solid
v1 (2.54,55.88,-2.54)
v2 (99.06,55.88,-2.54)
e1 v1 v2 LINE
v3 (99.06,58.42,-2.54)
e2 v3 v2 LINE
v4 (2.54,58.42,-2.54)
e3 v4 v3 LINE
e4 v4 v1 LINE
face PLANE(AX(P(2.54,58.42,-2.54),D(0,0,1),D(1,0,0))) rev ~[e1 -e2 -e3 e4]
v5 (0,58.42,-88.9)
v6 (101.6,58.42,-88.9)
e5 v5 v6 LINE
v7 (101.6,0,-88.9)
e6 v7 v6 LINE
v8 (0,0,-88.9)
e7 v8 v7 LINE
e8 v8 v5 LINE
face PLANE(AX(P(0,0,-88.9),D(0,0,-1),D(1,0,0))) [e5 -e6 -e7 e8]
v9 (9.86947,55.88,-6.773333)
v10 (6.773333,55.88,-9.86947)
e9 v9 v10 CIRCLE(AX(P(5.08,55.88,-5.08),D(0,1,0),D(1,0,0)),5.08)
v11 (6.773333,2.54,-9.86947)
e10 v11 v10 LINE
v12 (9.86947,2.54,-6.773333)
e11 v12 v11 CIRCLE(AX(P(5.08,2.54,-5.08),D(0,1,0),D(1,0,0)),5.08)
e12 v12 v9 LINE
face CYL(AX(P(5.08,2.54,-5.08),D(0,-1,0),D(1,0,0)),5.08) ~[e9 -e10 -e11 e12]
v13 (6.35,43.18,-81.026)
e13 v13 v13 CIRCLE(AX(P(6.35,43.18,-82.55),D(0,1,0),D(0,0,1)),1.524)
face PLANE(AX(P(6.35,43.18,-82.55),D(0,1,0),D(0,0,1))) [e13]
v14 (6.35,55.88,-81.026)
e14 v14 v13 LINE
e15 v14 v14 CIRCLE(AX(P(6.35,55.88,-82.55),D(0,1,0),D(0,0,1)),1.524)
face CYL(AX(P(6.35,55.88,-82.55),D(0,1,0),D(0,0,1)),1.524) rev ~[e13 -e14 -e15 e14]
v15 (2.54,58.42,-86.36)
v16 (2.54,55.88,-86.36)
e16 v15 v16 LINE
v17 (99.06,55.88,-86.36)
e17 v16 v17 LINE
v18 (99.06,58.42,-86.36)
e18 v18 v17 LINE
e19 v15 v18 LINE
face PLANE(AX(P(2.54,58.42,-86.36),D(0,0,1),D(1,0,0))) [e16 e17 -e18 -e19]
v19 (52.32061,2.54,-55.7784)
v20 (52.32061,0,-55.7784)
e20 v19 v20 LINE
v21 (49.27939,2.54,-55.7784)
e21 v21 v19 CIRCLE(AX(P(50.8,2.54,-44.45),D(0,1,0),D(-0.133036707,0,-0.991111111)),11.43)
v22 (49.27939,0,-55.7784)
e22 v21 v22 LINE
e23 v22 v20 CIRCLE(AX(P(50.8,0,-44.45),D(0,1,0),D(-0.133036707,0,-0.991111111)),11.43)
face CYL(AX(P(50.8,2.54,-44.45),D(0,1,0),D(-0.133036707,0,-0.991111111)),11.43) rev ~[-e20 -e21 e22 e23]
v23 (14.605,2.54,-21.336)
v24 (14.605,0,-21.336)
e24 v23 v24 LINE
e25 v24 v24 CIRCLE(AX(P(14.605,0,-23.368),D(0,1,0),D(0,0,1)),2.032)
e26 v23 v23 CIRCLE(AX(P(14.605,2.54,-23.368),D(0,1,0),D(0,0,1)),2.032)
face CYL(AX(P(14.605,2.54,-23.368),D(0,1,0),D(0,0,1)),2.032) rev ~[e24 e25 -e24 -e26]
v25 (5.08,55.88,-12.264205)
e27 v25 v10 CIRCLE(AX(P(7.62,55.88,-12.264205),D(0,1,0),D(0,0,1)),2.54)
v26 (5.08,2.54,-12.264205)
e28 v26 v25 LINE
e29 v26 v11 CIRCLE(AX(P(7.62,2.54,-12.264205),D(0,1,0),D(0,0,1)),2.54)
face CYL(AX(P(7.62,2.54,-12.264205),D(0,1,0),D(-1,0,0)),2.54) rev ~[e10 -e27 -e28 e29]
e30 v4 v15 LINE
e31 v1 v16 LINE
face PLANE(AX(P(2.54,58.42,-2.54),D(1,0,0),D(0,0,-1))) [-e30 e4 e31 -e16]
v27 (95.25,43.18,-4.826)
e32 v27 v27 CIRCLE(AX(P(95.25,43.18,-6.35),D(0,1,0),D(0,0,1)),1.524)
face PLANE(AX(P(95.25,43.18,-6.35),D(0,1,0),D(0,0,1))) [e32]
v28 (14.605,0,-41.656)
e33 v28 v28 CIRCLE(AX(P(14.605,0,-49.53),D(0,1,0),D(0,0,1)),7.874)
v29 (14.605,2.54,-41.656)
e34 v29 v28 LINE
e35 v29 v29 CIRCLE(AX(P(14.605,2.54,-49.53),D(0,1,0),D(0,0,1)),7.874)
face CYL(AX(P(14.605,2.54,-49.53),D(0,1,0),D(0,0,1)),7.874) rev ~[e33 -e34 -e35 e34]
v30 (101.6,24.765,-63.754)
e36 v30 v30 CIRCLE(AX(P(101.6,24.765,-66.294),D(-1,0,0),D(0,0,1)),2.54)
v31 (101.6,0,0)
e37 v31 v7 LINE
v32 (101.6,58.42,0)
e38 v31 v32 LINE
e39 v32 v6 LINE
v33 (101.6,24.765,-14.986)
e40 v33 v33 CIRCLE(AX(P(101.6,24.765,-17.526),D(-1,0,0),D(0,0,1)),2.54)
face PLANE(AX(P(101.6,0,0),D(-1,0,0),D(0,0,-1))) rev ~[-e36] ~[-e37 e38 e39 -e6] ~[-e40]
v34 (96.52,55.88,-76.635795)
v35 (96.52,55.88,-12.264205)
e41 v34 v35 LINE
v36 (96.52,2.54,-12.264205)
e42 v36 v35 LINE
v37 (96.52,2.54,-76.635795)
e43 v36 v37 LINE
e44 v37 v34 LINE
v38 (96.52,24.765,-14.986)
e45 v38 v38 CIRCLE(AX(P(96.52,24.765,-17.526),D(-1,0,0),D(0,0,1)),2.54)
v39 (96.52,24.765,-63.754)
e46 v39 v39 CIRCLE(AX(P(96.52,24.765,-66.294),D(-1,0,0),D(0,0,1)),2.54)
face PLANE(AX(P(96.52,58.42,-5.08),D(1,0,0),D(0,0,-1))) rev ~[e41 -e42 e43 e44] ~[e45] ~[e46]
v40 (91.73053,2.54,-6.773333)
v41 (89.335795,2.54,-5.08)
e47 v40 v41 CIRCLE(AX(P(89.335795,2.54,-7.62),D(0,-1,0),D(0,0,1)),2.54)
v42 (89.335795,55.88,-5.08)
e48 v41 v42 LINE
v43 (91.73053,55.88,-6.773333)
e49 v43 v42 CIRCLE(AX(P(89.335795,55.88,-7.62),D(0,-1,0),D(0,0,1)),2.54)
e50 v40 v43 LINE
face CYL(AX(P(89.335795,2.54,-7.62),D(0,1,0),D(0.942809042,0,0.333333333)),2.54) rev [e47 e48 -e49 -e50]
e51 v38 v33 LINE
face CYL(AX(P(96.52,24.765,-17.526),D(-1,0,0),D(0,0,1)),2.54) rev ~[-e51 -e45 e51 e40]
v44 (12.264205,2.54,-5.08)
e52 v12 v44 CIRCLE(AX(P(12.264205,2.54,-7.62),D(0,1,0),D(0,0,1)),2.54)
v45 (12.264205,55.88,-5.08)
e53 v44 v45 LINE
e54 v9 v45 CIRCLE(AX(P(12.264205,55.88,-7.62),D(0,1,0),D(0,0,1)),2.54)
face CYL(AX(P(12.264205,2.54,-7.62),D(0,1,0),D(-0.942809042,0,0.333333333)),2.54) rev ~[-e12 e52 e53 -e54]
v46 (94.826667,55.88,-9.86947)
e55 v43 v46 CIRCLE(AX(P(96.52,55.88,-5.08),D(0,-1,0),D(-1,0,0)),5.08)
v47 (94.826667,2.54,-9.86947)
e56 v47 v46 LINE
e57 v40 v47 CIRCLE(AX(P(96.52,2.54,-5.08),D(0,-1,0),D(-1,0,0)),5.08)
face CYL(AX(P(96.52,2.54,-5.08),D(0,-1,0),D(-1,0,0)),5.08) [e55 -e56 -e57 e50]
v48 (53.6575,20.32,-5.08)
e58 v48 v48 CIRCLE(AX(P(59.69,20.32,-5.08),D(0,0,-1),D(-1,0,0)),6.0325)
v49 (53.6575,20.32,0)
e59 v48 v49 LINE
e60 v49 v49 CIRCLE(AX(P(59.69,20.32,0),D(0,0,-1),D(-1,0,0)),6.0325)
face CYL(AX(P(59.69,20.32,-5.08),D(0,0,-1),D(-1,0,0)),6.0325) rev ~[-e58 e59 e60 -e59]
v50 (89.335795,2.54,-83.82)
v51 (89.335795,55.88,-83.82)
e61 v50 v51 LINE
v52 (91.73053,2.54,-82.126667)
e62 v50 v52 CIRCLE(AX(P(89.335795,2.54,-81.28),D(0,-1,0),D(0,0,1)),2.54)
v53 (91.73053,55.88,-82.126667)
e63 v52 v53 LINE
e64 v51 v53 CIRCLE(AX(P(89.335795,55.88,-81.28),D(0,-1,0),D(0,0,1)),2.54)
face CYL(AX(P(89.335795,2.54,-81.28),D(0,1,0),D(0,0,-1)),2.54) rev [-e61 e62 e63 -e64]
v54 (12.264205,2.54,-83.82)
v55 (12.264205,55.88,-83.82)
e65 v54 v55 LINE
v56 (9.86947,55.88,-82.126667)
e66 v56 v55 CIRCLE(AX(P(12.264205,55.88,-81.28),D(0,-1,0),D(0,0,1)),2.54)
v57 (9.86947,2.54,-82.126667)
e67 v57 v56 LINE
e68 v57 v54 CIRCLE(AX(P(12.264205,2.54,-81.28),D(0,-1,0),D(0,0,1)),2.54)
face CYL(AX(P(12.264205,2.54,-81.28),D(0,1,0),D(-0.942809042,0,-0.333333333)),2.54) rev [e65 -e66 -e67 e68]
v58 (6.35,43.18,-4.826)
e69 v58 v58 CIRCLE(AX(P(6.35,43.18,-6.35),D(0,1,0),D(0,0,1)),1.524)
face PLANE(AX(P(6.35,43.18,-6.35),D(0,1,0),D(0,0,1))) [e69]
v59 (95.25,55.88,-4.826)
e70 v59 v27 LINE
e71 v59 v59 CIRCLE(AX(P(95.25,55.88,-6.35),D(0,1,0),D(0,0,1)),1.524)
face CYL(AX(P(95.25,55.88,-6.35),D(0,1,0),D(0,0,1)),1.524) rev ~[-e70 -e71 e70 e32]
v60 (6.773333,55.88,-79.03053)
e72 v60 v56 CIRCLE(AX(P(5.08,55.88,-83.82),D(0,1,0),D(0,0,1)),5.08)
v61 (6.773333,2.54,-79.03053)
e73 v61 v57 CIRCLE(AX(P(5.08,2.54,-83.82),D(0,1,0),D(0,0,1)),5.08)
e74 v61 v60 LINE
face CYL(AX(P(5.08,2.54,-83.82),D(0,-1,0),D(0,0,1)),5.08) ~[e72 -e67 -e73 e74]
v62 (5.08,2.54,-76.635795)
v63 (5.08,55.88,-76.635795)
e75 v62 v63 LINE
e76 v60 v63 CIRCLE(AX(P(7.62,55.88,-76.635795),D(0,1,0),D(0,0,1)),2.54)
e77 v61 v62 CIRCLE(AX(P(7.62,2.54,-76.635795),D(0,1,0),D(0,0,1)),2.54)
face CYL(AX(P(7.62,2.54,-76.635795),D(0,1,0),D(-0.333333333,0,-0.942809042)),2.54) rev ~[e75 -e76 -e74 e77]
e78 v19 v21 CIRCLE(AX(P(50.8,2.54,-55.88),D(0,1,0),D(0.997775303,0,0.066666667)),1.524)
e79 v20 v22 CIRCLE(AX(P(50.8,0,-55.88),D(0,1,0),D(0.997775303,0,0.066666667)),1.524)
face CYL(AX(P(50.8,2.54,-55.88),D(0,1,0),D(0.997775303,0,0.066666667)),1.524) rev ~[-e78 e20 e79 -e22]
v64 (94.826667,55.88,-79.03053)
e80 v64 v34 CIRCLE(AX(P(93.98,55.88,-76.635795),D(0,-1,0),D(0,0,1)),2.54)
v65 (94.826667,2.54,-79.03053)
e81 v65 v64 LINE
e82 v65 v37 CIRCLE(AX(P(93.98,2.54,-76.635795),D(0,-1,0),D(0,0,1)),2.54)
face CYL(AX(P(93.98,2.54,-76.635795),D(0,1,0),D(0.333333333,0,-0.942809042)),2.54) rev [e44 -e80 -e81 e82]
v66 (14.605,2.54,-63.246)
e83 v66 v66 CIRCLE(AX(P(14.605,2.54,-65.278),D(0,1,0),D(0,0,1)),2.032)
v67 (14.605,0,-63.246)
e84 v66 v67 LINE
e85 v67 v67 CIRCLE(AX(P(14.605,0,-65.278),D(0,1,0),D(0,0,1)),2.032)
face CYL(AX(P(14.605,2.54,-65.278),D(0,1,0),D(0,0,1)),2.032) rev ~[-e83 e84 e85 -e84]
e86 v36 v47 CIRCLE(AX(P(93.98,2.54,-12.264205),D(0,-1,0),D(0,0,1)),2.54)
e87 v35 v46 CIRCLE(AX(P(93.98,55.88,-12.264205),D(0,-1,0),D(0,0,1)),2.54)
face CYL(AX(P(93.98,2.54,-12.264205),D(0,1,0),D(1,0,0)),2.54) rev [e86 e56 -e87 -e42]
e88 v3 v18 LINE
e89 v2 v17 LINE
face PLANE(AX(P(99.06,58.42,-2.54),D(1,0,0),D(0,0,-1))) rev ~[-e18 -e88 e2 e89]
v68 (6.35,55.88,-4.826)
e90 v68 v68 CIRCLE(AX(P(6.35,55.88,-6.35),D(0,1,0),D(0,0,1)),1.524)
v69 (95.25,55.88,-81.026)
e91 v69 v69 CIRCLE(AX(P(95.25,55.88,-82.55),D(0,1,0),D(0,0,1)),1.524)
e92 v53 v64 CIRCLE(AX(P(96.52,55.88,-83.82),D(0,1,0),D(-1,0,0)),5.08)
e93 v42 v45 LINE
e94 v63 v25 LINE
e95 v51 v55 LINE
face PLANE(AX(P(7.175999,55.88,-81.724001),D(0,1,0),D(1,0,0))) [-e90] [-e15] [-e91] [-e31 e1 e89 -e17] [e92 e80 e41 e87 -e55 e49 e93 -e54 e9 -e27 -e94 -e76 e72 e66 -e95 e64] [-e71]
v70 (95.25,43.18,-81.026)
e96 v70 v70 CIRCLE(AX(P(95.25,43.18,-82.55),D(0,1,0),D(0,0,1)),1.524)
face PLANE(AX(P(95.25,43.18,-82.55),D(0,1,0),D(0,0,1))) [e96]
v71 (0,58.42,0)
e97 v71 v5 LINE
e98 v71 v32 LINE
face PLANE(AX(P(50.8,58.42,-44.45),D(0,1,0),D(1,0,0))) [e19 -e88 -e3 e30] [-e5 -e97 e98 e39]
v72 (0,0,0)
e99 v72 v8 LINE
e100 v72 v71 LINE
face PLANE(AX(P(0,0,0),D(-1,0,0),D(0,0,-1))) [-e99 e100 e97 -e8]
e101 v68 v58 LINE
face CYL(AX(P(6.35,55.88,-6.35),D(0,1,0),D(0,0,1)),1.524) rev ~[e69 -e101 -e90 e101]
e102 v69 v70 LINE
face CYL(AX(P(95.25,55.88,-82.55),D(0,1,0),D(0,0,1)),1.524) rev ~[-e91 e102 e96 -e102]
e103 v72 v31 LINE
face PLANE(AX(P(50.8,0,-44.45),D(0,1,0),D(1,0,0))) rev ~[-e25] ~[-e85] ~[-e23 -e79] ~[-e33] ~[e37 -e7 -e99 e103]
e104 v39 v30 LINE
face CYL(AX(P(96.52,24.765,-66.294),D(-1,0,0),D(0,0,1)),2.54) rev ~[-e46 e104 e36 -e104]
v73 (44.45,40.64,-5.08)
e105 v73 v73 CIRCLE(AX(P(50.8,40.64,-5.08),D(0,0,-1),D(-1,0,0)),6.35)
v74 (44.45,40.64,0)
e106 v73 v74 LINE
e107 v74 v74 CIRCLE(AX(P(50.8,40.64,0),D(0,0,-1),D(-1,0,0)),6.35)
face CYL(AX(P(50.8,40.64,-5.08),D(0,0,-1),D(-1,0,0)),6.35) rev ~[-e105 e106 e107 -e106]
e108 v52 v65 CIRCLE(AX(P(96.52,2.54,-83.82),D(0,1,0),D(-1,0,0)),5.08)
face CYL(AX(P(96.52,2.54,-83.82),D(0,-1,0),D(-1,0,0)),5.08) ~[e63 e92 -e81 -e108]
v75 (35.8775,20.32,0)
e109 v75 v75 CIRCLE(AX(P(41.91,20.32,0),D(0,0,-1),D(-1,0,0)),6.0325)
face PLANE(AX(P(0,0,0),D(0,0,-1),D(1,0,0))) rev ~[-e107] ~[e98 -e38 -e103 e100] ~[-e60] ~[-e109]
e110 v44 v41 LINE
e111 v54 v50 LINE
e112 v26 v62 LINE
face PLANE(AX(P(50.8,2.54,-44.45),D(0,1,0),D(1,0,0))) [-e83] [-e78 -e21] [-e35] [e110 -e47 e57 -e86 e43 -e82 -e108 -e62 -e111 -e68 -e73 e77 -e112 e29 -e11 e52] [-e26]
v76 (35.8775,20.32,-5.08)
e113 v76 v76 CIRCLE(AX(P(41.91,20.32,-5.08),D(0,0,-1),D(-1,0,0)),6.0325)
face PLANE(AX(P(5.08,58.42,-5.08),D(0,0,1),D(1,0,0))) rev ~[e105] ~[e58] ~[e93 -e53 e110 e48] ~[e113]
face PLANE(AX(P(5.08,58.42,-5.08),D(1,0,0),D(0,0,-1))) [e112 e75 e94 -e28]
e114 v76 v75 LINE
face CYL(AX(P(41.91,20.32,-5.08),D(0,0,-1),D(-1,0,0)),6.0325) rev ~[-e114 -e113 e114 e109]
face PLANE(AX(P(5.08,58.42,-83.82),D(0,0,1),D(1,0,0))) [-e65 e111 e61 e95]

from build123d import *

# Parameters (mm, degrees)
SKETCH1_W           = 101.6
SKETCH1_H           = 88.9
BOSS_EXTRUDE1_DEPTH = 58.42
SKETCH2_W           = 91.44
SKETCH2_H           = 78.74
CUT_EXTRUDE1_DEPTH  = 55.88
SKETCH3_R           = 7.874
SKETCH3_R_2         = 2.032
CUT_EXTRUDE2_DEPTH  = 147.110726506
CUT_EXTRUDE3_DEPTH  = 147.110726506
SKETCH6_R           = 2.54
CUT_EXTRUDE4_DEPTH  = 144.639189638
SKETCH8_R           = 6.0325
CUT_EXTRUDE5_DEPTH  = 145.087642773
SKETCH9_W           = 96.52
SKETCH9_H           = 83.82
CUT_EXTRUDE6_DEPTH  = 2.54
SKETCH10_R          = 6.35
CUT_EXTRUDE7_DEPTH  = 145.087642773
BOSS_EXTRUDE2_DEPTH = 53.34
FILLET1_R           = 2.54
SKETCH13_R          = 1.524
CUT_EXTRUDE8_DEPTH  = 12.7


with BuildPart() as part:
    # Sketch1 → Boss-Extrude1 (new body)
    with BuildSketch(Plane(origin=(0, 0, 0), x_dir=(1, 0, 0), z_dir=(0, 1, 0))):
        with Locations((50.8, 44.45)):
            Rectangle(SKETCH1_W, SKETCH1_H)
    extrude(amount=BOSS_EXTRUDE1_DEPTH)

    # Sketch2 → Cut-Extrude1 (cut)
    with BuildSketch(Plane(origin=(0, 58.42, 0), x_dir=(1, 0, 0), z_dir=(0, 1, 0))):
        with Locations((50.8, 44.45)):
            Rectangle(SKETCH2_W, SKETCH2_H)
    extrude(amount=-CUT_EXTRUDE1_DEPTH, mode=Mode.SUBTRACT)

    # Sketch3 → Cut-Extrude2 (cut, through all)
    with BuildSketch(Plane(origin=(0, 2.54, 0), x_dir=(1, 0, 0), z_dir=(0, 1, 0))):
        with Locations(Location((14.605, 49.53, 0), (0, 0, 270))):
            Circle(SKETCH3_R)
        with Locations(Location((14.605, 65.278, 0), (0, 0, 270))):
            Circle(SKETCH3_R_2)
        with Locations(Location((14.605, 23.368, 0), (0, 0, 270))):
            Circle(SKETCH3_R_2)
    extrude(amount=-CUT_EXTRUDE2_DEPTH, mode=Mode.SUBTRACT)

    # Sketch5 → Cut-Extrude3 (cut, through all)
    with BuildSketch(Plane(origin=(0, 2.54, 0), x_dir=(1, 0, 0), z_dir=(0, 1, 0))):
        with BuildLine():
            ThreePointArc((49.279390438, 55.7784), (50.8, 33.02), (52.320609562, 55.7784))
            ThreePointArc((52.320609562, 55.7784), (50.8, 57.404), (49.279390438, 55.7784))
        make_face()
    extrude(amount=-CUT_EXTRUDE3_DEPTH, mode=Mode.SUBTRACT)

    # Sketch6 → Cut-Extrude4 (cut, through all)
    with BuildSketch(Plane.ZY.offset(-96.52)):
        with Locations((-17.526, 24.765)):
            Circle(SKETCH6_R)
        with Locations((-66.294, 24.765)):
            Circle(SKETCH6_R)
    extrude(amount=-CUT_EXTRUDE4_DEPTH, mode=Mode.SUBTRACT)

    # Sketch8 → Cut-Extrude5 (cut, through all)
    with BuildSketch(Plane(origin=(0, 0, -5.08), x_dir=(-1, 0, 0), z_dir=(0, 0, -1))):
        with Locations((-41.91, 20.32)):
            Circle(SKETCH8_R)
        with Locations((-59.69, 20.32)):
            Circle(SKETCH8_R)
    extrude(amount=-CUT_EXTRUDE5_DEPTH, mode=Mode.SUBTRACT)

    # Sketch9 → Cut-Extrude6 (cut)
    with BuildSketch(Plane(origin=(0, 58.42, 0), x_dir=(1, 0, 0), z_dir=(0, 1, 0))):
        with Locations((50.8, 44.45)):
            Rectangle(SKETCH9_W, SKETCH9_H)
    extrude(amount=-CUT_EXTRUDE6_DEPTH, mode=Mode.SUBTRACT)

    # Sketch10 → Cut-Extrude7 (cut, through all)
    with BuildSketch(Plane(origin=(0, 0, -5.08), x_dir=(-1, 0, 0), z_dir=(0, 0, -1))):
        with Locations((-50.8, 40.64)):
            Circle(SKETCH10_R)
    extrude(amount=-CUT_EXTRUDE7_DEPTH, mode=Mode.SUBTRACT)

    # Sketch11 → Boss-Extrude2 (add)
    with BuildSketch(Plane(origin=(0, 2.54, 0), x_dir=(1, 0, 0), z_dir=(0, 1, 0))):
        with BuildLine():
            Line((10.16, 83.82), (5.08, 83.82))
            Line((5.08, 83.82), (5.08, 78.74))
            ThreePointArc((5.08, 78.74), (8.672102448, 80.227897552), (10.16, 83.82))
        make_face()
        with BuildLine():
            Line((5.08, 10.16), (5.08, 5.08))
            Line((5.08, 5.08), (10.16, 5.08))
            ThreePointArc((10.16, 5.08), (8.672102448, 8.672102448), (5.08, 10.16))
        make_face()
        with BuildLine():
            Line((96.52, 10.16), (96.52, 5.08))
            Line((96.52, 5.08), (91.44, 5.08))
            ThreePointArc((91.44, 5.08), (92.927897552, 8.672102448), (96.52, 10.16))
        make_face()
        with BuildLine():
            Line((96.52, 78.74), (96.52, 83.82))
            Line((96.52, 83.82), (91.44, 83.82))
            ThreePointArc((91.44, 83.82), (92.927897552, 80.227897552), (96.52, 78.74))
        make_face()
    extrude(amount=BOSS_EXTRUDE2_DEPTH)

    # Fillet1
    fillet1_edges = [part.edges().sort_by_distance(p)[0] for p in [
        (91.44, 29.21, -5.08),
        (96.52, 29.21, -10.16),
        (91.44, 29.21, -83.82),
        (96.52, 29.21, -78.74),
        (5.08, 29.21, -78.74),
        (10.16, 29.21, -83.82),
        (10.16, 29.21, -5.08),
        (5.08, 29.21, -10.16),
    ]]
    fillet(fillet1_edges, radius=FILLET1_R)

    # Sketch13 → Cut-Extrude8 (cut)
    with BuildSketch(Plane(origin=(0, 55.88, 0), x_dir=(1, 0, 0), z_dir=(0, 1, 0))):
        with Locations(Location((6.35, 82.55, 0), (0, 0, 270))):
            Circle(SKETCH13_R)
        with Locations(Location((95.25, 82.55, 0), (0, 0, 270))):
            Circle(SKETCH13_R)
        with Locations(Location((95.25, 6.35, 0), (0, 0, 270))):
            Circle(SKETCH13_R)
        with Locations(Location((6.35, 6.35, 0), (0, 0, 270))):
            Circle(SKETCH13_R)
    extrude(amount=-CUT_EXTRUDE8_DEPTH, mode=Mode.SUBTRACT)


solid = part.part
